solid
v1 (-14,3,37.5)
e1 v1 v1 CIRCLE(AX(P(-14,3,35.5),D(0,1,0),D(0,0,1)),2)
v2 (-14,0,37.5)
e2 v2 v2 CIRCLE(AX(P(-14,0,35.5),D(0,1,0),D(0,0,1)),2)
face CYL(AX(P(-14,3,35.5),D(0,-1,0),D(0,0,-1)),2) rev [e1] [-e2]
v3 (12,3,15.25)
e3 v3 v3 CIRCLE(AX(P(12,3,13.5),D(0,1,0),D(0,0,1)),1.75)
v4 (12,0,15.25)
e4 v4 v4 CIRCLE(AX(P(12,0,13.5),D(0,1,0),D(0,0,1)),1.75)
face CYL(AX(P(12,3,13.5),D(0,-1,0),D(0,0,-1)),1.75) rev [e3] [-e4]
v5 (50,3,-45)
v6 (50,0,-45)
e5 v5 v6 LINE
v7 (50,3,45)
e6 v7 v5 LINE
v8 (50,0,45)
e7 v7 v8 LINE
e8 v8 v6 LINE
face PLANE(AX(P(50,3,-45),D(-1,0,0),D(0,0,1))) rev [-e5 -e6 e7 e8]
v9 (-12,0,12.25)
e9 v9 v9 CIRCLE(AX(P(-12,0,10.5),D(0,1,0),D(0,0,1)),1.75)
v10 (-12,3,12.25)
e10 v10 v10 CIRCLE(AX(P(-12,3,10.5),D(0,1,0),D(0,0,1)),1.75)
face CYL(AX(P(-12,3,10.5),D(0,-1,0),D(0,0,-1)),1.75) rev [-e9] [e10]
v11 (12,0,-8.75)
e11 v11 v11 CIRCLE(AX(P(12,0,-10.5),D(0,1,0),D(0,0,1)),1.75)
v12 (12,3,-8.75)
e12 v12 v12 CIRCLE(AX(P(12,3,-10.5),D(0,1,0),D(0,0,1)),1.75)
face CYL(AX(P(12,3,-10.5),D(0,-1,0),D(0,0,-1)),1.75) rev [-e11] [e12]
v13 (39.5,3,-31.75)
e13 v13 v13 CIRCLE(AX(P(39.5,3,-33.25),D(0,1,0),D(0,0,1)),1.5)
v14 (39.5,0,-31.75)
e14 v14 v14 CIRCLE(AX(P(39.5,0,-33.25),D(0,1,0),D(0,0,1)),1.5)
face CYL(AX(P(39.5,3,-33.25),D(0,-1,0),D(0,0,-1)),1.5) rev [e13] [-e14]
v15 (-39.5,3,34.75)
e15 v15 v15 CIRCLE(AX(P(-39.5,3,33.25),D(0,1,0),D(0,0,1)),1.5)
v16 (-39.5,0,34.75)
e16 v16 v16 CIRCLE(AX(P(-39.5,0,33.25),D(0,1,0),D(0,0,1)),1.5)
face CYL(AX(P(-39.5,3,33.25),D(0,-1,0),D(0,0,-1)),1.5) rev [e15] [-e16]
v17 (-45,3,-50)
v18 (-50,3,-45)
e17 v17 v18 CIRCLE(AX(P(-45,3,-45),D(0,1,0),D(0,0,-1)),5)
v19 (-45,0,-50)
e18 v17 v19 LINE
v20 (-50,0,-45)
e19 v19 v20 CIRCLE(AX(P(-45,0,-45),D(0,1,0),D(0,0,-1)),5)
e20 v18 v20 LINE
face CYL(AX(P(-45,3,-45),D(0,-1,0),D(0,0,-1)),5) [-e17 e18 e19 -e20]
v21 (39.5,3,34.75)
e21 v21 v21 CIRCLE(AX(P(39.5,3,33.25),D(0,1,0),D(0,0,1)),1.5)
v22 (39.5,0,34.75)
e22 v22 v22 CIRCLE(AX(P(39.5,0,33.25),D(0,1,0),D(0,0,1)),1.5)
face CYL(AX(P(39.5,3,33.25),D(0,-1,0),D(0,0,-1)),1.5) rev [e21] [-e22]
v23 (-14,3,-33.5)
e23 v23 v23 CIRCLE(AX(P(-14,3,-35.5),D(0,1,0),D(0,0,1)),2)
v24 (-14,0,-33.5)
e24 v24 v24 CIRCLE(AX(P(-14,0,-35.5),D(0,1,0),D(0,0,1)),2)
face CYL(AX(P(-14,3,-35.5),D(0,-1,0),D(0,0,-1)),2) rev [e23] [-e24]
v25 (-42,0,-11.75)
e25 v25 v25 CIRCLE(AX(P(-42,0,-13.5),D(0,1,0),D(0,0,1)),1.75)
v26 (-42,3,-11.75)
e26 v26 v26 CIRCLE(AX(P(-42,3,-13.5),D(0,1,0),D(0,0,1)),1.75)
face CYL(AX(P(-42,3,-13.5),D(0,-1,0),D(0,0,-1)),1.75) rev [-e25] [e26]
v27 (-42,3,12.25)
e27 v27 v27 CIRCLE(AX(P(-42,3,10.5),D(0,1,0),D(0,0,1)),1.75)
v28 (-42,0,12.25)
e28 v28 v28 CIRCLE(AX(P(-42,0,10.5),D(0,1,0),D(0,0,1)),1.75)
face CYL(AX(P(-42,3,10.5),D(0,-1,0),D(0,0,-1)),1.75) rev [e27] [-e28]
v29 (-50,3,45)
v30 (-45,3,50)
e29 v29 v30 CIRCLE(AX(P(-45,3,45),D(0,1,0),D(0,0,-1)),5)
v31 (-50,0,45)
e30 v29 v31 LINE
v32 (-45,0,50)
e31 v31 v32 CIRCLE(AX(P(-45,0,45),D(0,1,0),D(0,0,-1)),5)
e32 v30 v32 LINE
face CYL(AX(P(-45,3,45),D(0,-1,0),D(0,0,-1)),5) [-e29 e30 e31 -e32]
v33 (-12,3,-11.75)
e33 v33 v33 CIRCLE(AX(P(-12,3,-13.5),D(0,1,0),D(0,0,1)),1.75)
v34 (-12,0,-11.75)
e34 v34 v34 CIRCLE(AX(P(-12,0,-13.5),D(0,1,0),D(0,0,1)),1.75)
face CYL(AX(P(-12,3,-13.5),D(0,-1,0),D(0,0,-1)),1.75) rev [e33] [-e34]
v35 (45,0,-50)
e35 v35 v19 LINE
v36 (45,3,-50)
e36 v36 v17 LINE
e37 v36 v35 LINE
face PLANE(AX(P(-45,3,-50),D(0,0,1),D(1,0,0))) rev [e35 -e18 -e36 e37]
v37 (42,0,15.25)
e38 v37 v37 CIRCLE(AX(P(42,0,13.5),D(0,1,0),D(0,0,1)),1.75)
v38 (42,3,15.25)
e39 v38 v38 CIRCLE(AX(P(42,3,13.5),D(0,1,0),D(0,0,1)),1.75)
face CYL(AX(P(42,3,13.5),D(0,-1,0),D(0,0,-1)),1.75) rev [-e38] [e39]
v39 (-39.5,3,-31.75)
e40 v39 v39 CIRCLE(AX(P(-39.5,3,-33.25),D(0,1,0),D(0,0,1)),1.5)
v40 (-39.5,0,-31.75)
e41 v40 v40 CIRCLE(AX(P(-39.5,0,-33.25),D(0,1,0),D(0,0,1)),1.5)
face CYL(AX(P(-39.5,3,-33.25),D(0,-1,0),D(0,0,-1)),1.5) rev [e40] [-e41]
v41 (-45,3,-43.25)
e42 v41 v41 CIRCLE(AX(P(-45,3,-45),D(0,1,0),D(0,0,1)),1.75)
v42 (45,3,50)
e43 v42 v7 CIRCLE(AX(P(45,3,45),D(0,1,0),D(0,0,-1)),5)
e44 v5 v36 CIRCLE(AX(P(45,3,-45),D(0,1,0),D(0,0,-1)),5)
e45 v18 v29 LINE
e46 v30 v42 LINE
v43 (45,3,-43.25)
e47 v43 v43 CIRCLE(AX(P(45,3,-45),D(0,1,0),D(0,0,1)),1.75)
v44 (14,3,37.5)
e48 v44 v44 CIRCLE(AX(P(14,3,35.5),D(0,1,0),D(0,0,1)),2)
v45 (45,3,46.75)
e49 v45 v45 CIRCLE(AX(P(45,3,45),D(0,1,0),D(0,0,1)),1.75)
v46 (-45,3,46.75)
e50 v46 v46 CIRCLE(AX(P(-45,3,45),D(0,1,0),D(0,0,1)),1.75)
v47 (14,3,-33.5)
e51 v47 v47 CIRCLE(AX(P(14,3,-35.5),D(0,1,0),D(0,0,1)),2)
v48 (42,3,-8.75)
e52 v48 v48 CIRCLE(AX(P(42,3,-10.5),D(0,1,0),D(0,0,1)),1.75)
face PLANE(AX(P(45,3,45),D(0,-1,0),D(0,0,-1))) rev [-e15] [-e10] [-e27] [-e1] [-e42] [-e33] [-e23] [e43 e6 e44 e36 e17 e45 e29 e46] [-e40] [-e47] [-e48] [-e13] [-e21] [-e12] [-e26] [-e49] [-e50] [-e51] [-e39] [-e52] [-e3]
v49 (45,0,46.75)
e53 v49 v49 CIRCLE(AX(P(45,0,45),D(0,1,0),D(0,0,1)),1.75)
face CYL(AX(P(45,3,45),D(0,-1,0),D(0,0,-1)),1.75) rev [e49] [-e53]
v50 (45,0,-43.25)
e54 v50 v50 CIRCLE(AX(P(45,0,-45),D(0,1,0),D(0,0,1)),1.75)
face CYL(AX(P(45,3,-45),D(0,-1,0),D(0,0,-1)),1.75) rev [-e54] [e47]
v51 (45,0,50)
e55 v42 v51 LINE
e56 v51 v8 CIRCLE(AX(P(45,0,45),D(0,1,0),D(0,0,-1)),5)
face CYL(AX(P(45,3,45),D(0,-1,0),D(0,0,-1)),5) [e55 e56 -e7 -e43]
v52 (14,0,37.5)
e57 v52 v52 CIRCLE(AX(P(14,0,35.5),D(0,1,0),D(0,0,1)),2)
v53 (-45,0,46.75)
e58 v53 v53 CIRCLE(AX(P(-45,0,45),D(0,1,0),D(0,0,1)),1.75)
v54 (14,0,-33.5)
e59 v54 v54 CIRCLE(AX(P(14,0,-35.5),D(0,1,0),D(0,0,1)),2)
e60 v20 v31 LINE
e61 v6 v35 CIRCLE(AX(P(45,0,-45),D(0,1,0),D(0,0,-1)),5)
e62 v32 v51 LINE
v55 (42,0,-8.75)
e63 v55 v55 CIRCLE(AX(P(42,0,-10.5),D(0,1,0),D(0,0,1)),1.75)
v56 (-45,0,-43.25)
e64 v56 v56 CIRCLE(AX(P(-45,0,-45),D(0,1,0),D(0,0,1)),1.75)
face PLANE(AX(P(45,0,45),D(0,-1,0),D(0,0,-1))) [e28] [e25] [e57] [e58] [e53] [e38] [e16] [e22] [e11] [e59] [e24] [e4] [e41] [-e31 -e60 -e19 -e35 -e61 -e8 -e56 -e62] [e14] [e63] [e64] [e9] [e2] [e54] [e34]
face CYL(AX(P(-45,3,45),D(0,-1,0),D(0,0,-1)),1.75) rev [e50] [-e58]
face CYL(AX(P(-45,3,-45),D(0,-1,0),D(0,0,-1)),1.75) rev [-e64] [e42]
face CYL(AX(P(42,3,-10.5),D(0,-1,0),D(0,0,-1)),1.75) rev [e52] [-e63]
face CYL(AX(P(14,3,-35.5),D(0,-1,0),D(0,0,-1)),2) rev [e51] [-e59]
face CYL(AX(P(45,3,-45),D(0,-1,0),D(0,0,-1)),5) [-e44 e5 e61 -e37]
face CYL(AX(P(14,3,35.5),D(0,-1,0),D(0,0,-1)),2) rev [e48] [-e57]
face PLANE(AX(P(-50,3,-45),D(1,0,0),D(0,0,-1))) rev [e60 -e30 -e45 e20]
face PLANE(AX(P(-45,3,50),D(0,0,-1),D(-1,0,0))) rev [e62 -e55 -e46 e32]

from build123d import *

# Parameters (mm, degrees)
SKETCH_1_R      = 1.75
SKETCH_1_R_2    = 2
SKETCH_1_R_3    = 1.5
EXTRUDE_1_DEPTH = 3


with BuildPart() as part:
    # 草图1 → 凸台-拉伸1 (new body)
    with BuildSketch(Plane(origin=(0, 0, 0), x_dir=(1, 0, 0), z_dir=(0, 1, 0))):
        with BuildLine():
            Line((-45, 50), (45, 50))
            ThreePointArc((45, 50), (48.535533906, 48.535533906), (50, 45))
            Line((50, 45), (50, -45))
            ThreePointArc((50, -45), (48.535533906, -48.535533906), (45, -50))
            Line((45, -50), (-45, -50))
            ThreePointArc((-45, -50), (-48.535533906, -48.535533906), (-50, -45))
            Line((-50, -45), (-50, 45))
            ThreePointArc((-50, 45), (-48.535533906, 48.535533906), (-45, 50))
        make_face()
        with Locations(Location((-45, 45, 0), (0, 0, 270))):
            Circle(SKETCH_1_R, mode=Mode.SUBTRACT)
        with Locations(Location((45, 45, 0), (0, 0, 270))):
            Circle(SKETCH_1_R, mode=Mode.SUBTRACT)
        with Locations(Location((-45, -45, 0), (0, 0, 270))):
            Circle(SKETCH_1_R, mode=Mode.SUBTRACT)
        with Locations(Location((45, -45, 0), (0, 0, 270))):
            Circle(SKETCH_1_R, mode=Mode.SUBTRACT)
        with Locations(Location((12, 10.5, 0), (0, 0, 270))):
            Circle(SKETCH_1_R, mode=Mode.SUBTRACT)
        with Locations(Location((42, 10.5, 0), (0, 0, 270))):
            Circle(SKETCH_1_R, mode=Mode.SUBTRACT)
        with Locations(Location((12, -13.5, 0), (0, 0, 270))):
            Circle(SKETCH_1_R, mode=Mode.SUBTRACT)
        with Locations(Location((42, -13.5, 0), (0, 0, 270))):
            Circle(SKETCH_1_R, mode=Mode.SUBTRACT)
        with Locations(Location((-42, 13.5, 0), (0, 0, 270))):
            Circle(SKETCH_1_R, mode=Mode.SUBTRACT)
        with Locations(Location((-12, 13.5, 0), (0, 0, 270))):
            Circle(SKETCH_1_R, mode=Mode.SUBTRACT)
        with Locations(Location((-42, -10.5, 0), (0, 0, 270))):
            Circle(SKETCH_1_R, mode=Mode.SUBTRACT)
        with Locations(Location((-12, -10.5, 0), (0, 0, 270))):
            Circle(SKETCH_1_R, mode=Mode.SUBTRACT)
        with Locations(Location((-14, -35.5, 0), (0, 0, 270))):
            Circle(SKETCH_1_R_2, mode=Mode.SUBTRACT)
        with Locations(Location((14, -35.5, 0), (0, 0, 270))):
            Circle(SKETCH_1_R_2, mode=Mode.SUBTRACT)
        with Locations(Location((-14, 35.5, 0), (0, 0, 270))):
            Circle(SKETCH_1_R_2, mode=Mode.SUBTRACT)
        with Locations(Location((14, 35.5, 0), (0, 0, 270))):
            Circle(SKETCH_1_R_2, mode=Mode.SUBTRACT)
        with Locations(Location((-39.5, 33.25, 0), (0, 0, 270))):
            Circle(SKETCH_1_R_3, mode=Mode.SUBTRACT)
        with Locations(Location((39.5, 33.25, 0), (0, 0, 270))):
            Circle(SKETCH_1_R_3, mode=Mode.SUBTRACT)
        with Locations(Location((-39.5, -33.25, 0), (0, 0, 270))):
            Circle(SKETCH_1_R_3, mode=Mode.SUBTRACT)
        with Locations(Location((39.5, -33.25, 0), (0, 0, 270))):
            Circle(SKETCH_1_R_3, mode=Mode.SUBTRACT)
    extrude(amount=EXTRUDE_1_DEPTH)


solid = part.part
